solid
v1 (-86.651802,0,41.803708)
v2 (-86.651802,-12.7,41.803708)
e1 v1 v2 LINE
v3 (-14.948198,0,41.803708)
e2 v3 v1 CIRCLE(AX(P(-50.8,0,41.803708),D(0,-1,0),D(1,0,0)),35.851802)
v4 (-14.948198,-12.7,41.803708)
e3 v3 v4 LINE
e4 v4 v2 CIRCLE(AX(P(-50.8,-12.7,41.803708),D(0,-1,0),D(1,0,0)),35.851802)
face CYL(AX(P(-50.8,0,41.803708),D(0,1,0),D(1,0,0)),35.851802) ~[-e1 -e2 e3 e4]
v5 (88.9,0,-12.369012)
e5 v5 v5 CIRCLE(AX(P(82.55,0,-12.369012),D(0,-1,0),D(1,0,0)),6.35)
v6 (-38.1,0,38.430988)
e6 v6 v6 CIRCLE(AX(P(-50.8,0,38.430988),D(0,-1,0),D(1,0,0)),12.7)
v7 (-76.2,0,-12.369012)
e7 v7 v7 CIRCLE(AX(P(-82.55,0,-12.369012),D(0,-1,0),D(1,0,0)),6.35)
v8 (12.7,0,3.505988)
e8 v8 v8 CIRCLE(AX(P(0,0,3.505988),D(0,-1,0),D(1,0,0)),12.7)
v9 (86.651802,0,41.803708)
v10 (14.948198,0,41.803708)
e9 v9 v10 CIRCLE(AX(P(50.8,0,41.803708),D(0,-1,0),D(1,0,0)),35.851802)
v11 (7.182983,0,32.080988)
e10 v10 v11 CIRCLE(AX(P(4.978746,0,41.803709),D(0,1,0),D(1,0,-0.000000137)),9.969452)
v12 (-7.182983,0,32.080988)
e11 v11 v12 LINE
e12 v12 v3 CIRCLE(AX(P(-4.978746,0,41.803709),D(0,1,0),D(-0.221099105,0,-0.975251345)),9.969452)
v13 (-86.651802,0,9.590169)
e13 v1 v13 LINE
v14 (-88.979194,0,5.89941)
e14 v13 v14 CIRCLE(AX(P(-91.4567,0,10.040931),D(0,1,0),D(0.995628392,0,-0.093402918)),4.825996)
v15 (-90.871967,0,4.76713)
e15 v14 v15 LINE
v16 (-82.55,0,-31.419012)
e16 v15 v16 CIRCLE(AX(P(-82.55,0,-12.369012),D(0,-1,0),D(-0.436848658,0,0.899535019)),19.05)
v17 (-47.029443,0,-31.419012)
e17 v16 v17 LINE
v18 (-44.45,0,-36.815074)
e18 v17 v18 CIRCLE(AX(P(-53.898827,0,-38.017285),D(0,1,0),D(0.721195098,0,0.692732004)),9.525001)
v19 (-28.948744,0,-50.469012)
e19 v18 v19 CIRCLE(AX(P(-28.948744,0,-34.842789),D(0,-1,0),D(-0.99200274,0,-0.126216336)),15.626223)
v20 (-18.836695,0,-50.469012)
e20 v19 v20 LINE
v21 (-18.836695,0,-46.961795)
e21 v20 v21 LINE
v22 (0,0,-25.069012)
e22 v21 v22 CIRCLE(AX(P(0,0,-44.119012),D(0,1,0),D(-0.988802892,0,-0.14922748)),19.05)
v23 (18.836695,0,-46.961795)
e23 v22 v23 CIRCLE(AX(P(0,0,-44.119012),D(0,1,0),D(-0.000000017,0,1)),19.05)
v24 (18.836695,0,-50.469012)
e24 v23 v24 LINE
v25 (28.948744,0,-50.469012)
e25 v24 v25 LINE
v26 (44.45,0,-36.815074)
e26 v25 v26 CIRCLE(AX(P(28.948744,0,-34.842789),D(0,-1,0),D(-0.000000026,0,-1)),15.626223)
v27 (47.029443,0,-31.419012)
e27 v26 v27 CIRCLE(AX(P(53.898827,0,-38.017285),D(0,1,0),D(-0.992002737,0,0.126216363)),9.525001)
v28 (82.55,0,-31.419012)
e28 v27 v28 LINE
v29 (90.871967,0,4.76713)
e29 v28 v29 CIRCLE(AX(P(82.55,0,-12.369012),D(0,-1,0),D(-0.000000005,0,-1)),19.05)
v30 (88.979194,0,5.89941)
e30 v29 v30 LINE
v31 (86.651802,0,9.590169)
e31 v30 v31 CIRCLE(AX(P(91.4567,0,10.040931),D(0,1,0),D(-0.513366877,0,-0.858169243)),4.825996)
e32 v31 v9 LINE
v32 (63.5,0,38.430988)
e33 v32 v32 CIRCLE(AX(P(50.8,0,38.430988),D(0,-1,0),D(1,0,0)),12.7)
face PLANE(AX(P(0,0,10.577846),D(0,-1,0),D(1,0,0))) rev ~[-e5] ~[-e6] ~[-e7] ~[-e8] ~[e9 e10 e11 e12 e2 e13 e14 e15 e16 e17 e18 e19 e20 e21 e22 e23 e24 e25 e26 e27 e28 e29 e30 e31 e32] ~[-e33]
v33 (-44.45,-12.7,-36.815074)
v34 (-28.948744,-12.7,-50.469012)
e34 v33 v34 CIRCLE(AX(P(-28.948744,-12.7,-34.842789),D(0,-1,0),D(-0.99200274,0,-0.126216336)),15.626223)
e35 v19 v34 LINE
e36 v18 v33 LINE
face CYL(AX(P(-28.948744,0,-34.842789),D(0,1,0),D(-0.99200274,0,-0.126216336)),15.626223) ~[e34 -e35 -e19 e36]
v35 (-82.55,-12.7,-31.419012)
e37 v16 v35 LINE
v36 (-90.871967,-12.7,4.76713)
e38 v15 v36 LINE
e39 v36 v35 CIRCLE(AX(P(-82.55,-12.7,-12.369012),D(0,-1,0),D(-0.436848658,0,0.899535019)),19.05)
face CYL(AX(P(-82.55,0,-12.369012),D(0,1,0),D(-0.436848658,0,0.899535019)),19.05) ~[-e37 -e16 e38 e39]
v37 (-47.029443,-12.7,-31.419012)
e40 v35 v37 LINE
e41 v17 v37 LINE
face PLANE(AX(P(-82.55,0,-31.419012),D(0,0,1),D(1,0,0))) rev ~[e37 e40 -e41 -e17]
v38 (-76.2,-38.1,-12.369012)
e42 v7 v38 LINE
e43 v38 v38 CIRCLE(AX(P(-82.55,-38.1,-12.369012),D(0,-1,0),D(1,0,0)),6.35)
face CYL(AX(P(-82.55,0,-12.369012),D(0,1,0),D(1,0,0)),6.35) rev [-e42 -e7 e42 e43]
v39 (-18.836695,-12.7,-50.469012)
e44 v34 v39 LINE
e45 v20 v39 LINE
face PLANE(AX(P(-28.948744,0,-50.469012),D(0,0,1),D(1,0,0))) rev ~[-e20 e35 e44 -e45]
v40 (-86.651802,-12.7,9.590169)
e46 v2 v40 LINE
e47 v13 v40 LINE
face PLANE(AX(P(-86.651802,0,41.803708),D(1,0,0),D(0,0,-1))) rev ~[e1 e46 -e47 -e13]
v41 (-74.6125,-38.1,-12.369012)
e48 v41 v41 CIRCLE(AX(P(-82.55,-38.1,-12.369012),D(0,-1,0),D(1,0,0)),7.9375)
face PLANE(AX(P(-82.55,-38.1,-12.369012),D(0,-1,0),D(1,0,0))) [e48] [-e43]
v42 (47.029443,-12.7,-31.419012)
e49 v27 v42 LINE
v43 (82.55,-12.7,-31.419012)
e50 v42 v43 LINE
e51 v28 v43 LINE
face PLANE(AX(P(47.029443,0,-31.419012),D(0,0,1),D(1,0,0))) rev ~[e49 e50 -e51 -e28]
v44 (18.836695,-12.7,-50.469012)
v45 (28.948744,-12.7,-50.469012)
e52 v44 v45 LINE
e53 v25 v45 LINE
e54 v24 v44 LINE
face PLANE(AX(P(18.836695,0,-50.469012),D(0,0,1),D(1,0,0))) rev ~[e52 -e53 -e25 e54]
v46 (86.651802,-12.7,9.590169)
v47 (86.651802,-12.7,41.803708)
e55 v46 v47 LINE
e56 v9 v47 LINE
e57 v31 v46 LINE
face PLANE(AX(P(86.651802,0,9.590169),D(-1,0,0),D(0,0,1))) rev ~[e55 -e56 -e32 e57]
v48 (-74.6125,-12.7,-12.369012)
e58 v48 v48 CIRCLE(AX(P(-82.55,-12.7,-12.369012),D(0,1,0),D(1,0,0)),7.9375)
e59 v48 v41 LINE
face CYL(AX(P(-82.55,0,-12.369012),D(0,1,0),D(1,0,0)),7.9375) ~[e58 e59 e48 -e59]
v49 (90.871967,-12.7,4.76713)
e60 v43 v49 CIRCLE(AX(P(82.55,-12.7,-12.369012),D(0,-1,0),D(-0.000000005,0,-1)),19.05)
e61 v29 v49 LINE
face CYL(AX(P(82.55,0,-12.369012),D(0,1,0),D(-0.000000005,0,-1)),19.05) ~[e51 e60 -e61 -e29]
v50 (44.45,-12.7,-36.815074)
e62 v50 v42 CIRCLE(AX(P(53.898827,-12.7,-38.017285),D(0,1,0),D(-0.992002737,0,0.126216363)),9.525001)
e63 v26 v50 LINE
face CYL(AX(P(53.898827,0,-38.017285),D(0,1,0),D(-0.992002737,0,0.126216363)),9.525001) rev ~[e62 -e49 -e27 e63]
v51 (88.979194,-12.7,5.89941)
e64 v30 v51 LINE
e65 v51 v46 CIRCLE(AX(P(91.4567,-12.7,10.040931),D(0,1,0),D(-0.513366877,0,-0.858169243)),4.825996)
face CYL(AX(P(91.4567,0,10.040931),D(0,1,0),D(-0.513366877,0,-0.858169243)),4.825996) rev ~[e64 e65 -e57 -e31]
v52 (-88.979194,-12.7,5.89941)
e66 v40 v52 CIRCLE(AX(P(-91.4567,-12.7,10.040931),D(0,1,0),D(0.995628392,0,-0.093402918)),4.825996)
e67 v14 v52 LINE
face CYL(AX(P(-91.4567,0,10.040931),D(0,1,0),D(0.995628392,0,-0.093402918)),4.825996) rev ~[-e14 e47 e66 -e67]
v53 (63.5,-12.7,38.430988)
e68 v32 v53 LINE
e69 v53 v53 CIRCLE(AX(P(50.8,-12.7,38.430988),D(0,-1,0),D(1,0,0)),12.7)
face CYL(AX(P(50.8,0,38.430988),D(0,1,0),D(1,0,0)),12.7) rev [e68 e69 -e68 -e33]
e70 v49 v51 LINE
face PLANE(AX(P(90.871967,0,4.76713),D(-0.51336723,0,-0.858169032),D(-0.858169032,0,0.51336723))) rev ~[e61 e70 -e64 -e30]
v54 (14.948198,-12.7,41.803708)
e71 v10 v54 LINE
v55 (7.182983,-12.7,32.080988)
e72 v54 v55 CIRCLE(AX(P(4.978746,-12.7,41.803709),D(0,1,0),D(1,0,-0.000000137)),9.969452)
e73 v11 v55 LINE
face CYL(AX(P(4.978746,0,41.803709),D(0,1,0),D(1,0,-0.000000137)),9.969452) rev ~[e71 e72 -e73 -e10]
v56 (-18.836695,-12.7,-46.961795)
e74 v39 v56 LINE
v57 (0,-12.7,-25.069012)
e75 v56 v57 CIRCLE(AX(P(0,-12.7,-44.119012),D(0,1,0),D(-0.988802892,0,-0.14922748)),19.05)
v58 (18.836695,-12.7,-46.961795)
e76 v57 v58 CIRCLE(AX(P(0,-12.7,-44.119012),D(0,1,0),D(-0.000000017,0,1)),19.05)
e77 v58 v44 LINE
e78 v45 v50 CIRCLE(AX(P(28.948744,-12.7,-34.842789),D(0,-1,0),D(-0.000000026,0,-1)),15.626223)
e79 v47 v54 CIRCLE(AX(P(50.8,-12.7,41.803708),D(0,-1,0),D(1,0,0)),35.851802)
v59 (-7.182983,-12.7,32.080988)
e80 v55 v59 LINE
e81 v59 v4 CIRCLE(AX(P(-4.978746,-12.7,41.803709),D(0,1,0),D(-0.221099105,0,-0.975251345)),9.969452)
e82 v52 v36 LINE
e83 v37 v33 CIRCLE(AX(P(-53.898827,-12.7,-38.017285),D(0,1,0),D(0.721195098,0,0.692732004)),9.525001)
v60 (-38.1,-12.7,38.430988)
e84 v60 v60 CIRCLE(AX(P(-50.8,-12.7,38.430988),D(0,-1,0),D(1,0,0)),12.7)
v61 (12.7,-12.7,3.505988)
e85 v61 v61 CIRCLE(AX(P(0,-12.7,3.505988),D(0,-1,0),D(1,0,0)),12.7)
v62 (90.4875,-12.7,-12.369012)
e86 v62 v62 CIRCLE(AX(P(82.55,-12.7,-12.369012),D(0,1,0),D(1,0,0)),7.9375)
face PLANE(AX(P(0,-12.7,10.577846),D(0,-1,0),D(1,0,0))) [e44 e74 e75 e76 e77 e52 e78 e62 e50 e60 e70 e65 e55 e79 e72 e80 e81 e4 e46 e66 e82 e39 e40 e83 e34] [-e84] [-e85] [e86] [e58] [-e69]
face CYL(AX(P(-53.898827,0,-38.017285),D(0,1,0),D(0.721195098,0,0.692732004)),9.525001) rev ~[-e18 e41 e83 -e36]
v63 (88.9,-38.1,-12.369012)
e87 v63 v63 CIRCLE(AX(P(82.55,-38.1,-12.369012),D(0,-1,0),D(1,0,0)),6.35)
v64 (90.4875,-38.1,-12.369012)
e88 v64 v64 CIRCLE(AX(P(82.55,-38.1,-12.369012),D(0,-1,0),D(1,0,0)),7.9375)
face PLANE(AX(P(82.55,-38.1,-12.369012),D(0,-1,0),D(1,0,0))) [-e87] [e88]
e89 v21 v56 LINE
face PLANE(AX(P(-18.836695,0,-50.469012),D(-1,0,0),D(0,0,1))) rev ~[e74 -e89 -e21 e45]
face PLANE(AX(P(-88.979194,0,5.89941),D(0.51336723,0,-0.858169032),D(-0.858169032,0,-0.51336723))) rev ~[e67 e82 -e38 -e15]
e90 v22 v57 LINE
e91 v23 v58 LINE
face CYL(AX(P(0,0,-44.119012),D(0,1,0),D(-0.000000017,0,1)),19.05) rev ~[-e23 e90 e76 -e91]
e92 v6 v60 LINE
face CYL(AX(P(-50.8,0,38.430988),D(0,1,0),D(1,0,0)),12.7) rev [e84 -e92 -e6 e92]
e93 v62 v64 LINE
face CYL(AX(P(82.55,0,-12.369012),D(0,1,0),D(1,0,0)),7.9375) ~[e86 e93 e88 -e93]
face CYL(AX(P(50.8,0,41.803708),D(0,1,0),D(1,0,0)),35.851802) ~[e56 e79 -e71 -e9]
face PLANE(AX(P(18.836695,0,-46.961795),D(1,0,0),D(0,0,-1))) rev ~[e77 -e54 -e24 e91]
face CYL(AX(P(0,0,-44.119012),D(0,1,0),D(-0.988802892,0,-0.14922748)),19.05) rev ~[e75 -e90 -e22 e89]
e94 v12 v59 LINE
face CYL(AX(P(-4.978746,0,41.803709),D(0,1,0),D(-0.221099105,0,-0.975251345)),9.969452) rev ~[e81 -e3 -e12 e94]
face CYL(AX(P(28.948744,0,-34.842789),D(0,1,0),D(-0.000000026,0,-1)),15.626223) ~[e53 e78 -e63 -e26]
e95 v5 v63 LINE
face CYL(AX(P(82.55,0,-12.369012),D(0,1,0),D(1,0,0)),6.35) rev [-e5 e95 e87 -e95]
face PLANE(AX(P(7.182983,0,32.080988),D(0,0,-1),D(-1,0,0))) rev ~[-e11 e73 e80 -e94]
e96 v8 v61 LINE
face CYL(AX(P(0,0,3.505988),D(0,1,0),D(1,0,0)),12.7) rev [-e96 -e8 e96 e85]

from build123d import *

# Parameters (mm, degrees)
F0_R     = 7.9375
F0_R_2   = 12.7
F0_R_3   = 6.35
F1_DEPTH = 12.7
F2_DEPTH = 38.1


with BuildPart() as f1:
    # F0 (on Front) → F1 (new body)
    with BuildSketch(Plane.XZ):
        with BuildLine():
            ThreePointArc((-18.836695, -46.961795), (-14.440525, -31.694289), (0, -25.069012))
            ThreePointArc((0, -25.069012), (14.440525, -31.694289), (18.836695, -46.961795))
            Line((18.836695, -46.961795), (18.836695, -50.469012))
            Line((18.836695, -50.469012), (28.948744, -50.469012))
            ThreePointArc((28.948744, -50.469012), (39.277333, -46.56879), (44.45, -36.815074))
            ThreePointArc((44.45, -36.815074), (45.305203, -33.909333), (47.029443, -31.419012))
            Line((47.029443, -31.419012), (82.55, -31.419012))
            ThreePointArc((82.55, -31.419012), (101.115371, -16.638614), (90.871967, 4.76713))
            Line((90.871967, 4.76713), (88.979194, 5.89941))
            ThreePointArc((88.979194, 5.89941), (87.374571, 7.466741), (86.651802, 9.590169))
            Line((86.651802, 9.590169), (86.651802, 41.803708))
            ThreePointArc((86.651802, 41.803708), (50.8, 77.65551), (14.948198, 41.803708))
            ThreePointArc((14.948198, 41.803708), (12.768643, 35.582176), (7.182983, 32.080988))
            Line((7.182983, 32.080988), (1.5227, 32.080988))
            Line((1.5227, 32.080988), (-1.5227, 32.080988))
            Line((-1.5227, 32.080988), (-7.182983, 32.080988))
            ThreePointArc((-7.182983, 32.080988), (-12.768643, 35.582176), (-14.948198, 41.803708))
            ThreePointArc((-14.948198, 41.803708), (-50.8, 77.65551), (-86.651802, 41.803708))
            Line((-86.651802, 41.803708), (-86.651802, 9.590169))
            ThreePointArc((-86.651802, 9.590169), (-87.374571, 7.466741), (-88.979194, 5.89941))
            Line((-88.979194, 5.89941), (-90.871967, 4.76713))
            ThreePointArc((-90.871967, 4.76713), (-101.115371, -16.638614), (-82.55, -31.419012))
            Line((-82.55, -31.419012), (-47.029443, -31.419012))
            ThreePointArc((-47.029443, -31.419012), (-45.305203, -33.909333), (-44.45, -36.815074))
            ThreePointArc((-44.45, -36.815074), (-39.277333, -46.56879), (-28.948744, -50.469012))
            Line((-28.948744, -50.469012), (-18.836695, -50.469012))
            Line((-18.836695, -50.469012), (-18.836695, -46.961795))
        make_face()
        with Locations((-82.55, -12.369012)):
            Circle(F0_R, mode=Mode.SUBTRACT)
        with Locations((0, 3.505988)):
            Circle(F0_R_2, mode=Mode.SUBTRACT)
        with Locations((82.55, -12.369012)):
            Circle(F0_R, mode=Mode.SUBTRACT)
        with Locations((-50.8, 38.430988)):
            Circle(F0_R_2, mode=Mode.SUBTRACT)
        with Locations((50.8, 38.430988)):
            Circle(F0_R_2, mode=Mode.SUBTRACT)
        with Locations((-82.55, -12.369012)):
            Circle(F0_R)
        with Locations((-82.55, -12.369012)):
            Circle(F0_R_3, mode=Mode.SUBTRACT)
        with Locations((82.55, -12.369012)):
            Circle(F0_R)
        with Locations((82.55, -12.369012)):
            Circle(F0_R_3, mode=Mode.SUBTRACT)
    extrude(amount=F1_DEPTH)

    # F0 (on Front) → F2 (join)
    with BuildSketch(Plane.XZ):
        with Locations((-82.55, -12.369012)):
            Circle(F0_R)
        with Locations((-82.55, -12.369012)):
            Circle(F0_R_3, mode=Mode.SUBTRACT)
        with Locations((82.55, -12.369012)):
            Circle(F0_R)
        with Locations((82.55, -12.369012)):
            Circle(F0_R_3, mode=Mode.SUBTRACT)
    extrude(amount=F2_DEPTH)


solid = f1.part
